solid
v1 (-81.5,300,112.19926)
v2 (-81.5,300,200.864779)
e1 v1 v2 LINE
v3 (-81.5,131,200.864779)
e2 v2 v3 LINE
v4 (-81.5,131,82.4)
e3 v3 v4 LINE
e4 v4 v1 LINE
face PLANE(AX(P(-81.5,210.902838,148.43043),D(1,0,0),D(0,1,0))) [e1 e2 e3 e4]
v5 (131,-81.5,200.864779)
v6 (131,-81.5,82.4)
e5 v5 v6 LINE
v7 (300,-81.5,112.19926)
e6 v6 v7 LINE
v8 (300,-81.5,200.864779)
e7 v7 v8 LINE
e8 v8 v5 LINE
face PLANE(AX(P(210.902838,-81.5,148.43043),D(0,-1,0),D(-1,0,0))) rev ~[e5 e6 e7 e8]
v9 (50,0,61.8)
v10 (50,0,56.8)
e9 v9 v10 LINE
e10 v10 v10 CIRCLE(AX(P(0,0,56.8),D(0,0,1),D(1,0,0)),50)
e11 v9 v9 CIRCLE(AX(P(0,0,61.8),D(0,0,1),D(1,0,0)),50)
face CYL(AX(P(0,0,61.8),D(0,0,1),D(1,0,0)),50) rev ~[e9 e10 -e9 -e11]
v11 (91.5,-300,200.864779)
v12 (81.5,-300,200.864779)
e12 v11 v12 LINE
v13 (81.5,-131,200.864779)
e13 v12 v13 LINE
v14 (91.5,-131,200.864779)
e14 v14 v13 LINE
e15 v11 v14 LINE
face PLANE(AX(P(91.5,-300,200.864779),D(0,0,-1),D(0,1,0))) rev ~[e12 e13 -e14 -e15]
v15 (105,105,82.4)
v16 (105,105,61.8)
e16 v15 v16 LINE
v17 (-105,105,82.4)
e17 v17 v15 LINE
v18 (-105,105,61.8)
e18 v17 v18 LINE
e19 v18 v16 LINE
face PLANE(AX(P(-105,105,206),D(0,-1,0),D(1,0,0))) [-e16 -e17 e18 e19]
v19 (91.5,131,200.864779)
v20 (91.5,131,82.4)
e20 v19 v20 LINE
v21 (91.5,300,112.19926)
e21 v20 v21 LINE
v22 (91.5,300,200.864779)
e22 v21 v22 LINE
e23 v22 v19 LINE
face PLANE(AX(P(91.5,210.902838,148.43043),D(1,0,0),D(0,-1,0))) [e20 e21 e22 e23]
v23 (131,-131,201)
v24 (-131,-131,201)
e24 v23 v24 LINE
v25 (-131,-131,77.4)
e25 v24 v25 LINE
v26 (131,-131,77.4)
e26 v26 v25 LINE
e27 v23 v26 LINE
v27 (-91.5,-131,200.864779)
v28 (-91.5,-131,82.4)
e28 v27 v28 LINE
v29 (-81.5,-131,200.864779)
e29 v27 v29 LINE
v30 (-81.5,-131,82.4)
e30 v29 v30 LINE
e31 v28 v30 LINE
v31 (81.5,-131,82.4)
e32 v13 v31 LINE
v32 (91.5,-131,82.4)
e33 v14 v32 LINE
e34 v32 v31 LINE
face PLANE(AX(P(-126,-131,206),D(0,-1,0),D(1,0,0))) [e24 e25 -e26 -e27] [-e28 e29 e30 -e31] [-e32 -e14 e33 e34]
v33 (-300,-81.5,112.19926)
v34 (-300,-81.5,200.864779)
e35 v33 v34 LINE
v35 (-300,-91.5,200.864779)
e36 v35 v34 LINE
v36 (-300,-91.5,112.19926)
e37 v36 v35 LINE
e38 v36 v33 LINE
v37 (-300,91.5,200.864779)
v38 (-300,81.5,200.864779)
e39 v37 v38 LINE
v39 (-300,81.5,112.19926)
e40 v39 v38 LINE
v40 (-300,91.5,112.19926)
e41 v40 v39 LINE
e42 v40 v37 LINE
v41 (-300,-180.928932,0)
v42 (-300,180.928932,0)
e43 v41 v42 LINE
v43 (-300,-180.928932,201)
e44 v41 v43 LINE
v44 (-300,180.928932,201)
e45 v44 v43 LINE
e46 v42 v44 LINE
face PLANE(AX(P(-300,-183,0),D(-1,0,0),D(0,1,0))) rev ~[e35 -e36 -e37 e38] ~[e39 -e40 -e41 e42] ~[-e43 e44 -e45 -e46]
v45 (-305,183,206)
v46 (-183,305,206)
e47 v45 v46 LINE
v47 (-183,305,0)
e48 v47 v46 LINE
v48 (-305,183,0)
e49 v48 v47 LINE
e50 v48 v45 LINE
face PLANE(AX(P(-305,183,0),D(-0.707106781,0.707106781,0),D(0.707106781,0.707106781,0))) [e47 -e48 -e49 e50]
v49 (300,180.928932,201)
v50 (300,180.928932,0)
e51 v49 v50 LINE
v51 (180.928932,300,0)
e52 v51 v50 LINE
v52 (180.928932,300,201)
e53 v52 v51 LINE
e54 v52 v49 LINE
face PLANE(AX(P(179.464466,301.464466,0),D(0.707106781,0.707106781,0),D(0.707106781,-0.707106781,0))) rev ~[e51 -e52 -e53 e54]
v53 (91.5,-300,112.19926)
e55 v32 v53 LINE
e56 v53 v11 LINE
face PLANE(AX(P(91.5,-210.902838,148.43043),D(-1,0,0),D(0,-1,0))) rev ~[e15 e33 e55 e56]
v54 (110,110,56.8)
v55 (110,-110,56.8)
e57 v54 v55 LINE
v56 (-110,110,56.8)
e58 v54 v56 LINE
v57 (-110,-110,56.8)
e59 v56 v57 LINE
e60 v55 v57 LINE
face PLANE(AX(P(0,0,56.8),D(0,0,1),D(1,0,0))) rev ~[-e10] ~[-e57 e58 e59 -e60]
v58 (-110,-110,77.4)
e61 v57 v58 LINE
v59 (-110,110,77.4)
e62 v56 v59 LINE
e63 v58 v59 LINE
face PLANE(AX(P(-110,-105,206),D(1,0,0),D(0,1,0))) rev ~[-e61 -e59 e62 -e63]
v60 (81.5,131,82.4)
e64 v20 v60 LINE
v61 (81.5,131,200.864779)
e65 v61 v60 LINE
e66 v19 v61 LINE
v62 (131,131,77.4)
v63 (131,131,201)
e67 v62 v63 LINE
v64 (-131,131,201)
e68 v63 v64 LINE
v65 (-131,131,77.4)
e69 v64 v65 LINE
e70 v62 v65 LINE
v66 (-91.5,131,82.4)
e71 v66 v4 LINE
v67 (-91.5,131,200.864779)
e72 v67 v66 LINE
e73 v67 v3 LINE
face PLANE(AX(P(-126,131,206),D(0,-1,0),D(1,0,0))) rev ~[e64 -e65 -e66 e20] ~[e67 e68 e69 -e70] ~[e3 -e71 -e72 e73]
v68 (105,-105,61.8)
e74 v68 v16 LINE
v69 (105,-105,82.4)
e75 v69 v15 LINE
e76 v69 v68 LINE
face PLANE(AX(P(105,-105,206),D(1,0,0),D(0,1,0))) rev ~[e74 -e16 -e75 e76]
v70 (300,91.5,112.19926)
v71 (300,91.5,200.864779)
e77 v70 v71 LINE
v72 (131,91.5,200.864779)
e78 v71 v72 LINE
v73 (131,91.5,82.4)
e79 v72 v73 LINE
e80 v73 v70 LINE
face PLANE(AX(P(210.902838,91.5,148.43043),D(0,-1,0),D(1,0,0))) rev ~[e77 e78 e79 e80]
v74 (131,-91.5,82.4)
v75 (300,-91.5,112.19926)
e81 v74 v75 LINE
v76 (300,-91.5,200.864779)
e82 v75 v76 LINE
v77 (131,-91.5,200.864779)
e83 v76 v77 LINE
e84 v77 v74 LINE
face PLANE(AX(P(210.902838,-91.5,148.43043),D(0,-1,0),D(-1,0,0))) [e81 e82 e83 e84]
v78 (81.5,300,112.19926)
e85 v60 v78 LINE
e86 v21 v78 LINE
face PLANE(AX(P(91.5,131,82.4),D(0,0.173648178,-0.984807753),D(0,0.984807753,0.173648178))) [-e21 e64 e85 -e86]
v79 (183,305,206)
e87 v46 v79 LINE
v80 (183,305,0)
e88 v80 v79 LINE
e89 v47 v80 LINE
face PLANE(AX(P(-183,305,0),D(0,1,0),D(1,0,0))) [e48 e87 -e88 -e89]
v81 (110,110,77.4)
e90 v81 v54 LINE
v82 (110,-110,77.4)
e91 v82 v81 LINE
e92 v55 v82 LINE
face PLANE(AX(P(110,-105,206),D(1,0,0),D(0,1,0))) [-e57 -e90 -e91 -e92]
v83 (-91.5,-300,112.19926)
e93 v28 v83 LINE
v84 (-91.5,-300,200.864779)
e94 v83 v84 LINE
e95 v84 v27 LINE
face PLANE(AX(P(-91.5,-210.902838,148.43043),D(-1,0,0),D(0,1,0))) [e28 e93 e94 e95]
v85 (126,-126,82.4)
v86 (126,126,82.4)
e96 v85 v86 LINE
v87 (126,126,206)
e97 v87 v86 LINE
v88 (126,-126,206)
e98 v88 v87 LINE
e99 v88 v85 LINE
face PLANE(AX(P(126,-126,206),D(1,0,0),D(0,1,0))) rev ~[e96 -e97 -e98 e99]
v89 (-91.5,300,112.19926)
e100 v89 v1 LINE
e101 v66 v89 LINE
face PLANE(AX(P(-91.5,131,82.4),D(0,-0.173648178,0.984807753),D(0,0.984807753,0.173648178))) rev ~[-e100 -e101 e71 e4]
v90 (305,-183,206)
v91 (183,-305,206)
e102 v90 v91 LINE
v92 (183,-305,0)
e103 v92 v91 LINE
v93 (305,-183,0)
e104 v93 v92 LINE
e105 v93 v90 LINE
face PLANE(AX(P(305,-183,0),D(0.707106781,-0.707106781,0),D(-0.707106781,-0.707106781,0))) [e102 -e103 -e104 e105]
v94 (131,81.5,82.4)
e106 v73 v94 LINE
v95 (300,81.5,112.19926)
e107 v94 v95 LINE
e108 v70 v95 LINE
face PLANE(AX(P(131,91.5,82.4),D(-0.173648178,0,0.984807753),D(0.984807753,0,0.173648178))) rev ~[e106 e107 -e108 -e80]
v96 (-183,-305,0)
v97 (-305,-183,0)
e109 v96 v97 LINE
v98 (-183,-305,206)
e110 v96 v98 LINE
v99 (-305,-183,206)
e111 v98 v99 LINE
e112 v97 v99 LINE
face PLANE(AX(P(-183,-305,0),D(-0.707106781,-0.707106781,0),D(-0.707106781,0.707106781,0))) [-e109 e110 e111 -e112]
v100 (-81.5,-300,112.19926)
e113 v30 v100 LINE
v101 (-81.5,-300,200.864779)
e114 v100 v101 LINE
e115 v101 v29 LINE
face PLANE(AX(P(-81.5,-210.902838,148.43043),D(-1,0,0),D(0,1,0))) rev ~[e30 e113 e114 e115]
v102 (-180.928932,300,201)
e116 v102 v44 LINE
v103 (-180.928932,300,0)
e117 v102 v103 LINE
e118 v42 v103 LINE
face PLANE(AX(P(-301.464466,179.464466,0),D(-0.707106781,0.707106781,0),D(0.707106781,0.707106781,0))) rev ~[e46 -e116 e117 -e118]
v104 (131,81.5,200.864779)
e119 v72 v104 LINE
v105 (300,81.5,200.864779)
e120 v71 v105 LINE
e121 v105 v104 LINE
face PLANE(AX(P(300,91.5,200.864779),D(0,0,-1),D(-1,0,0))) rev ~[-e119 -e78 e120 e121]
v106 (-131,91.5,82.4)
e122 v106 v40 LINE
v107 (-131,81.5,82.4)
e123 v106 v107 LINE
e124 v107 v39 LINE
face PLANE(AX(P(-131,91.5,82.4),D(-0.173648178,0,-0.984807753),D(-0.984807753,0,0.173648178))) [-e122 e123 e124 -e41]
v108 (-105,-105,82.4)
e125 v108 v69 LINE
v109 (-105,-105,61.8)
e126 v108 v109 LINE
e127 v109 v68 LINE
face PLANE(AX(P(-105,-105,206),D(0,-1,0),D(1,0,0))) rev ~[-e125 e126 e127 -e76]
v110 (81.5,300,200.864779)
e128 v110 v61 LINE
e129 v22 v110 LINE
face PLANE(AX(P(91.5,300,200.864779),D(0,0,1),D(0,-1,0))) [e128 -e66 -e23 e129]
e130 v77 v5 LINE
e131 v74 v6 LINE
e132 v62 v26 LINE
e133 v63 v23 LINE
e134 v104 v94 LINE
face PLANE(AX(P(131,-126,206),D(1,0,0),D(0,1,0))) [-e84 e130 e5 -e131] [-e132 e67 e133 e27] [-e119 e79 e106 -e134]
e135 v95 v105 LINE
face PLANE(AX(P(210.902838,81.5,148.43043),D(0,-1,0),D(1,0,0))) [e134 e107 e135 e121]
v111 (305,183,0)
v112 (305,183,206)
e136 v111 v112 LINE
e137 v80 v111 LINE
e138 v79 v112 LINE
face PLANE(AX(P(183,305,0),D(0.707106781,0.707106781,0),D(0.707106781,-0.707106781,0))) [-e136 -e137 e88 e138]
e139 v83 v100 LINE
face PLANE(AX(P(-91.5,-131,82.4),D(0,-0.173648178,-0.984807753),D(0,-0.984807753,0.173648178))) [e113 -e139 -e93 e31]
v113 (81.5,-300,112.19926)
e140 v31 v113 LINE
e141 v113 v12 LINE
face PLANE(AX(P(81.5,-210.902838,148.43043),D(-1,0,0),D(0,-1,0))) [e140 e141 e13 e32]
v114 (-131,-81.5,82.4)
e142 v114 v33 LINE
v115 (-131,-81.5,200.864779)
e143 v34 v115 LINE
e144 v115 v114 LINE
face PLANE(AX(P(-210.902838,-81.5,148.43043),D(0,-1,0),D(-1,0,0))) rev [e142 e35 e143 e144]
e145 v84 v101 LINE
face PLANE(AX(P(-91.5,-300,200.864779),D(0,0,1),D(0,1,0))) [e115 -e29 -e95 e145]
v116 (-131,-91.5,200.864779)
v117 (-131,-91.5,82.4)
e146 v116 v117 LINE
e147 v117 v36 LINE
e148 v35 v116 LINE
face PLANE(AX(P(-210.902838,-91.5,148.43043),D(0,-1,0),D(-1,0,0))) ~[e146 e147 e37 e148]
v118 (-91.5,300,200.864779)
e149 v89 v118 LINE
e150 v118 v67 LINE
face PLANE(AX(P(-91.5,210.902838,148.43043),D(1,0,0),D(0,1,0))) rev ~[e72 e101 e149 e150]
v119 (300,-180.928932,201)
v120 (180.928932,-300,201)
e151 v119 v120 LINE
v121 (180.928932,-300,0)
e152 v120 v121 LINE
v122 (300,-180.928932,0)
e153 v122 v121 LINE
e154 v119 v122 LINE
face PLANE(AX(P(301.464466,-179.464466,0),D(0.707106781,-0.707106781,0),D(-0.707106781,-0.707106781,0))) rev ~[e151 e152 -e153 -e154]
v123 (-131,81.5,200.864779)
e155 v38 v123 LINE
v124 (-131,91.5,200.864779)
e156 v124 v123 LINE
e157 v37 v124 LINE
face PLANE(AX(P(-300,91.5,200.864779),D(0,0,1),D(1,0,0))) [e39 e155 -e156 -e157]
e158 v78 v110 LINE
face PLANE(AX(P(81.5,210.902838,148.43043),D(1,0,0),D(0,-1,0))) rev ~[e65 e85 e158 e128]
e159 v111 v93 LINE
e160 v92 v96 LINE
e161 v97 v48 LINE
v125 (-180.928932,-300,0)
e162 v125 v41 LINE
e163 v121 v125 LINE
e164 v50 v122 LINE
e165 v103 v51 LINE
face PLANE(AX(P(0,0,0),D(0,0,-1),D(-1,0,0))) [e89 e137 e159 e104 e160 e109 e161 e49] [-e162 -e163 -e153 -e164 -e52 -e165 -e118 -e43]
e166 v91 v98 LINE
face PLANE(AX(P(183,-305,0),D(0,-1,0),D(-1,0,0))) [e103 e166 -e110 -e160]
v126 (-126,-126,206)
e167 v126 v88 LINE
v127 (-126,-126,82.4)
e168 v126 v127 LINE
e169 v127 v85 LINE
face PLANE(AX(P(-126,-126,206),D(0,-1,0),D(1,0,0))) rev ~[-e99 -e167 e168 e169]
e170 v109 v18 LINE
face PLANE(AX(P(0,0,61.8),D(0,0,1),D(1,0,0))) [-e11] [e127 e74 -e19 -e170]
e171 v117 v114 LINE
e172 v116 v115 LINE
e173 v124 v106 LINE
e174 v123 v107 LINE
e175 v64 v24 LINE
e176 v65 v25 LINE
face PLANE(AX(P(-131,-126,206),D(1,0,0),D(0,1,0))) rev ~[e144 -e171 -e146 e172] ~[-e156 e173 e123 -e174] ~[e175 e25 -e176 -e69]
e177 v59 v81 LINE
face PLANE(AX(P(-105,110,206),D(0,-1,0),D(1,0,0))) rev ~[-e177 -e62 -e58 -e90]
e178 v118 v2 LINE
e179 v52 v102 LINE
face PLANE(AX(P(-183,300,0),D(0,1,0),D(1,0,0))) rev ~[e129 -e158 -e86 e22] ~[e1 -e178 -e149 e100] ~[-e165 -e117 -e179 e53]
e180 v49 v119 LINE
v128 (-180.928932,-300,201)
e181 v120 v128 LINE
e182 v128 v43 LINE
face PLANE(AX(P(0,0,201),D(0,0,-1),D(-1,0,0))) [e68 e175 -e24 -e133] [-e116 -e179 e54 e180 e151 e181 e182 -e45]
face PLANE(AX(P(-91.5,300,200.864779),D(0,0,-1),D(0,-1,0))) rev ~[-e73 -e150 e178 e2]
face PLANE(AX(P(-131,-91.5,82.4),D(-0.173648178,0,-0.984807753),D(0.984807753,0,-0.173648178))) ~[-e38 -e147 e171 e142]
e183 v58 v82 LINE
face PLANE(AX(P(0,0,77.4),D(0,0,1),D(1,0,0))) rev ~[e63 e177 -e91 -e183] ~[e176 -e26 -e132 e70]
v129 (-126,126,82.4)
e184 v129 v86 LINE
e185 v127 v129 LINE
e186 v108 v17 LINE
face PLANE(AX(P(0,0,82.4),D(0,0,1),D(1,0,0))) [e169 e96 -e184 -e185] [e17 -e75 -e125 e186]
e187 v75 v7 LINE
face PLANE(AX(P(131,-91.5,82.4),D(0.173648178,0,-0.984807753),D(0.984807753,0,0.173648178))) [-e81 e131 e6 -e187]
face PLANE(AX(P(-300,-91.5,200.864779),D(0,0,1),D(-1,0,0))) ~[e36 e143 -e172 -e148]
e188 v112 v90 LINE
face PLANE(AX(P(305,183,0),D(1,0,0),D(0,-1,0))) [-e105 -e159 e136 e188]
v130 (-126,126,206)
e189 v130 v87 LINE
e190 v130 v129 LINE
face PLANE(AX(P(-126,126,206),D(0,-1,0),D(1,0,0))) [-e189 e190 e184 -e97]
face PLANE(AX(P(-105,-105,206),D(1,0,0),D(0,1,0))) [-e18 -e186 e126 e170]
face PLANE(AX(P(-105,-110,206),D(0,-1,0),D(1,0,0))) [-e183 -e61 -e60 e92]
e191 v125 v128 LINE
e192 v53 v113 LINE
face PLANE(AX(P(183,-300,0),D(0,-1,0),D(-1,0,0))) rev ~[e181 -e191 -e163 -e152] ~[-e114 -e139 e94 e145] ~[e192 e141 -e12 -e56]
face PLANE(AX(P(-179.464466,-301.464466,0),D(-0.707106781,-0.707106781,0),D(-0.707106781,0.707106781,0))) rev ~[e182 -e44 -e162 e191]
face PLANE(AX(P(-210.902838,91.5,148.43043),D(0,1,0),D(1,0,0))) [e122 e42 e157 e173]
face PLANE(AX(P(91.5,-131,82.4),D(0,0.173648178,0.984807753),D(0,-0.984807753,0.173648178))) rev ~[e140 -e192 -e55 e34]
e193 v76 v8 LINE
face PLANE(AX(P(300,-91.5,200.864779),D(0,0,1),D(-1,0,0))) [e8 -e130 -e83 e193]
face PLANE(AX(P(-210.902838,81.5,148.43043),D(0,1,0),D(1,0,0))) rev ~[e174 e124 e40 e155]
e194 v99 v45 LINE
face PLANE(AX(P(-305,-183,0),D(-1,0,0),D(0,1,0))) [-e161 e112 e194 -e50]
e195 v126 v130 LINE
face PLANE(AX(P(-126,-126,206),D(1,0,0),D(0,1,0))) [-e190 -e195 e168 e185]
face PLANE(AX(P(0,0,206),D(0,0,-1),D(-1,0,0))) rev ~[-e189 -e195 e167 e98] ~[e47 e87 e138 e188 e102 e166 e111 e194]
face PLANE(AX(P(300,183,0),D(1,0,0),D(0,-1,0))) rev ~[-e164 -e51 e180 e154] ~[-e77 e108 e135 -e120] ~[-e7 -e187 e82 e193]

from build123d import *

# Parameters (mm, degrees)
EXTRUDE_1_DEPTH                 = 206
SKETCH_2_W                      = 252
SKETCH_2_H                      = 252
CUT_EXTRUDE_1_DEPTH             = 123.6
SKETCH_3_W                      = 210
SKETCH_3_H                      = 210
CUT_EXTRUDE_2_DEPTH             = 144.2
SHELL_1_T                       = -5
SKETCH_4_R                      = 50
CUT_EXTRUDE_3_DEPTH             = 455.80065963
EXTRUDE_2_DEPTH                 = 10
PATTERN_CIRCULAR_1_COUNT        = 4
PATTERN_CIRCULAR_1_COPY_1_DEPTH = 10
PATTERN_CIRCULAR_1_COPY_2_DEPTH = 10
PATTERN_CIRCULAR_1_COPY_3_DEPTH = 10


with BuildPart() as part:
    # 草图1 → 凸台-拉伸1 (new body)
    with BuildSketch(Plane.XY):
        Polygon((-305, 183), (-183, 305), (183, 305), (305, 183), (305, -183), (183, -305), (-183, -305), (-305, -183), align=None)
    extrude(amount=EXTRUDE_1_DEPTH)

    # 草图2 → 切除-拉伸1 (cut)
    with BuildSketch(Plane.XY.offset(206)):
        Rectangle(SKETCH_2_W, SKETCH_2_H)
    extrude(amount=-CUT_EXTRUDE_1_DEPTH, mode=Mode.SUBTRACT)

    # 草图3 → 切除-拉伸2 (cut)
    with BuildSketch(Plane.XY.offset(206)):
        Rectangle(SKETCH_3_W, SKETCH_3_H)
    extrude(amount=-CUT_EXTRUDE_2_DEPTH, mode=Mode.SUBTRACT)

    # 抽壳1
    shell_1_openings = [part.faces().sort_by_distance(p)[0] for p in [
        (0, 0, 0),
    ]]
    offset(amount=SHELL_1_T, openings=shell_1_openings, kind=Kind.INTERSECTION)

    # 草图4 → 切除-拉伸3 (cut, through all)
    with BuildSketch(Plane.XY.offset(61.8)):
        Circle(SKETCH_4_R)
    extrude(amount=-CUT_EXTRUDE_3_DEPTH, mode=Mode.SUBTRACT)

    # 草图5 → 凸台-拉伸2 (add)
    with BuildSketch(Plane(origin=(0, 91.5, 0), x_dir=(1, 0, 0), z_dir=(0, 1, 0))):
        Polygon((-131, -82.4), (-300, -112.19925974), (-300, -200.864779471), (-131, -200.864779471), align=None)
    extrude_2 = extrude(amount=-EXTRUDE_2_DEPTH)

    # 镜向1: 凸台-拉伸2 across plane
    add(extrude_2.mirror(Plane.ZX))

    # 阵列(圆周)1: 凸台-拉伸2 ×4 about axis
    pattern_circular_1_axis = Axis((0, 0, 0), (0, 0, 1))
    for i in range(1, PATTERN_CIRCULAR_1_COUNT):
        add(extrude_2.rotate(pattern_circular_1_axis, i * 360 / PATTERN_CIRCULAR_1_COUNT))

    # 阵列(圆周)1 copy 1 sketch → 阵列(圆周)1 copy 1 (add)
    with BuildSketch(Plane.YZ.offset(91.5)):
        Polygon((-131, 82.4), (-300, 112.19925974), (-300, 200.864779471), (-131, 200.864779471), align=None)
    extrude(amount=-PATTERN_CIRCULAR_1_COPY_1_DEPTH)

    # 阵列(圆周)1 copy 2 sketch → 阵列(圆周)1 copy 2 (add)
    with BuildSketch(Plane(origin=(0, 91.5, 0), x_dir=(-1, 0, 0), z_dir=(0, 1, 0))):
        Polygon((-131, 82.4), (-300, 112.19925974), (-300, 200.864779471), (-131, 200.864779471), align=None)
    extrude(amount=-PATTERN_CIRCULAR_1_COPY_2_DEPTH)

    # 阵列(圆周)1 copy 3 sketch → 阵列(圆周)1 copy 3 (add)
    with BuildSketch(Plane(origin=(-91.5, 0, 0), x_dir=(0, -1, 0), z_dir=(-1, 0, 0))):
        Polygon((-131, 82.4), (-300, 112.19925974), (-300, 200.864779471), (-131, 200.864779471), align=None)
    extrude(amount=-PATTERN_CIRCULAR_1_COPY_3_DEPTH)


solid = part.part
